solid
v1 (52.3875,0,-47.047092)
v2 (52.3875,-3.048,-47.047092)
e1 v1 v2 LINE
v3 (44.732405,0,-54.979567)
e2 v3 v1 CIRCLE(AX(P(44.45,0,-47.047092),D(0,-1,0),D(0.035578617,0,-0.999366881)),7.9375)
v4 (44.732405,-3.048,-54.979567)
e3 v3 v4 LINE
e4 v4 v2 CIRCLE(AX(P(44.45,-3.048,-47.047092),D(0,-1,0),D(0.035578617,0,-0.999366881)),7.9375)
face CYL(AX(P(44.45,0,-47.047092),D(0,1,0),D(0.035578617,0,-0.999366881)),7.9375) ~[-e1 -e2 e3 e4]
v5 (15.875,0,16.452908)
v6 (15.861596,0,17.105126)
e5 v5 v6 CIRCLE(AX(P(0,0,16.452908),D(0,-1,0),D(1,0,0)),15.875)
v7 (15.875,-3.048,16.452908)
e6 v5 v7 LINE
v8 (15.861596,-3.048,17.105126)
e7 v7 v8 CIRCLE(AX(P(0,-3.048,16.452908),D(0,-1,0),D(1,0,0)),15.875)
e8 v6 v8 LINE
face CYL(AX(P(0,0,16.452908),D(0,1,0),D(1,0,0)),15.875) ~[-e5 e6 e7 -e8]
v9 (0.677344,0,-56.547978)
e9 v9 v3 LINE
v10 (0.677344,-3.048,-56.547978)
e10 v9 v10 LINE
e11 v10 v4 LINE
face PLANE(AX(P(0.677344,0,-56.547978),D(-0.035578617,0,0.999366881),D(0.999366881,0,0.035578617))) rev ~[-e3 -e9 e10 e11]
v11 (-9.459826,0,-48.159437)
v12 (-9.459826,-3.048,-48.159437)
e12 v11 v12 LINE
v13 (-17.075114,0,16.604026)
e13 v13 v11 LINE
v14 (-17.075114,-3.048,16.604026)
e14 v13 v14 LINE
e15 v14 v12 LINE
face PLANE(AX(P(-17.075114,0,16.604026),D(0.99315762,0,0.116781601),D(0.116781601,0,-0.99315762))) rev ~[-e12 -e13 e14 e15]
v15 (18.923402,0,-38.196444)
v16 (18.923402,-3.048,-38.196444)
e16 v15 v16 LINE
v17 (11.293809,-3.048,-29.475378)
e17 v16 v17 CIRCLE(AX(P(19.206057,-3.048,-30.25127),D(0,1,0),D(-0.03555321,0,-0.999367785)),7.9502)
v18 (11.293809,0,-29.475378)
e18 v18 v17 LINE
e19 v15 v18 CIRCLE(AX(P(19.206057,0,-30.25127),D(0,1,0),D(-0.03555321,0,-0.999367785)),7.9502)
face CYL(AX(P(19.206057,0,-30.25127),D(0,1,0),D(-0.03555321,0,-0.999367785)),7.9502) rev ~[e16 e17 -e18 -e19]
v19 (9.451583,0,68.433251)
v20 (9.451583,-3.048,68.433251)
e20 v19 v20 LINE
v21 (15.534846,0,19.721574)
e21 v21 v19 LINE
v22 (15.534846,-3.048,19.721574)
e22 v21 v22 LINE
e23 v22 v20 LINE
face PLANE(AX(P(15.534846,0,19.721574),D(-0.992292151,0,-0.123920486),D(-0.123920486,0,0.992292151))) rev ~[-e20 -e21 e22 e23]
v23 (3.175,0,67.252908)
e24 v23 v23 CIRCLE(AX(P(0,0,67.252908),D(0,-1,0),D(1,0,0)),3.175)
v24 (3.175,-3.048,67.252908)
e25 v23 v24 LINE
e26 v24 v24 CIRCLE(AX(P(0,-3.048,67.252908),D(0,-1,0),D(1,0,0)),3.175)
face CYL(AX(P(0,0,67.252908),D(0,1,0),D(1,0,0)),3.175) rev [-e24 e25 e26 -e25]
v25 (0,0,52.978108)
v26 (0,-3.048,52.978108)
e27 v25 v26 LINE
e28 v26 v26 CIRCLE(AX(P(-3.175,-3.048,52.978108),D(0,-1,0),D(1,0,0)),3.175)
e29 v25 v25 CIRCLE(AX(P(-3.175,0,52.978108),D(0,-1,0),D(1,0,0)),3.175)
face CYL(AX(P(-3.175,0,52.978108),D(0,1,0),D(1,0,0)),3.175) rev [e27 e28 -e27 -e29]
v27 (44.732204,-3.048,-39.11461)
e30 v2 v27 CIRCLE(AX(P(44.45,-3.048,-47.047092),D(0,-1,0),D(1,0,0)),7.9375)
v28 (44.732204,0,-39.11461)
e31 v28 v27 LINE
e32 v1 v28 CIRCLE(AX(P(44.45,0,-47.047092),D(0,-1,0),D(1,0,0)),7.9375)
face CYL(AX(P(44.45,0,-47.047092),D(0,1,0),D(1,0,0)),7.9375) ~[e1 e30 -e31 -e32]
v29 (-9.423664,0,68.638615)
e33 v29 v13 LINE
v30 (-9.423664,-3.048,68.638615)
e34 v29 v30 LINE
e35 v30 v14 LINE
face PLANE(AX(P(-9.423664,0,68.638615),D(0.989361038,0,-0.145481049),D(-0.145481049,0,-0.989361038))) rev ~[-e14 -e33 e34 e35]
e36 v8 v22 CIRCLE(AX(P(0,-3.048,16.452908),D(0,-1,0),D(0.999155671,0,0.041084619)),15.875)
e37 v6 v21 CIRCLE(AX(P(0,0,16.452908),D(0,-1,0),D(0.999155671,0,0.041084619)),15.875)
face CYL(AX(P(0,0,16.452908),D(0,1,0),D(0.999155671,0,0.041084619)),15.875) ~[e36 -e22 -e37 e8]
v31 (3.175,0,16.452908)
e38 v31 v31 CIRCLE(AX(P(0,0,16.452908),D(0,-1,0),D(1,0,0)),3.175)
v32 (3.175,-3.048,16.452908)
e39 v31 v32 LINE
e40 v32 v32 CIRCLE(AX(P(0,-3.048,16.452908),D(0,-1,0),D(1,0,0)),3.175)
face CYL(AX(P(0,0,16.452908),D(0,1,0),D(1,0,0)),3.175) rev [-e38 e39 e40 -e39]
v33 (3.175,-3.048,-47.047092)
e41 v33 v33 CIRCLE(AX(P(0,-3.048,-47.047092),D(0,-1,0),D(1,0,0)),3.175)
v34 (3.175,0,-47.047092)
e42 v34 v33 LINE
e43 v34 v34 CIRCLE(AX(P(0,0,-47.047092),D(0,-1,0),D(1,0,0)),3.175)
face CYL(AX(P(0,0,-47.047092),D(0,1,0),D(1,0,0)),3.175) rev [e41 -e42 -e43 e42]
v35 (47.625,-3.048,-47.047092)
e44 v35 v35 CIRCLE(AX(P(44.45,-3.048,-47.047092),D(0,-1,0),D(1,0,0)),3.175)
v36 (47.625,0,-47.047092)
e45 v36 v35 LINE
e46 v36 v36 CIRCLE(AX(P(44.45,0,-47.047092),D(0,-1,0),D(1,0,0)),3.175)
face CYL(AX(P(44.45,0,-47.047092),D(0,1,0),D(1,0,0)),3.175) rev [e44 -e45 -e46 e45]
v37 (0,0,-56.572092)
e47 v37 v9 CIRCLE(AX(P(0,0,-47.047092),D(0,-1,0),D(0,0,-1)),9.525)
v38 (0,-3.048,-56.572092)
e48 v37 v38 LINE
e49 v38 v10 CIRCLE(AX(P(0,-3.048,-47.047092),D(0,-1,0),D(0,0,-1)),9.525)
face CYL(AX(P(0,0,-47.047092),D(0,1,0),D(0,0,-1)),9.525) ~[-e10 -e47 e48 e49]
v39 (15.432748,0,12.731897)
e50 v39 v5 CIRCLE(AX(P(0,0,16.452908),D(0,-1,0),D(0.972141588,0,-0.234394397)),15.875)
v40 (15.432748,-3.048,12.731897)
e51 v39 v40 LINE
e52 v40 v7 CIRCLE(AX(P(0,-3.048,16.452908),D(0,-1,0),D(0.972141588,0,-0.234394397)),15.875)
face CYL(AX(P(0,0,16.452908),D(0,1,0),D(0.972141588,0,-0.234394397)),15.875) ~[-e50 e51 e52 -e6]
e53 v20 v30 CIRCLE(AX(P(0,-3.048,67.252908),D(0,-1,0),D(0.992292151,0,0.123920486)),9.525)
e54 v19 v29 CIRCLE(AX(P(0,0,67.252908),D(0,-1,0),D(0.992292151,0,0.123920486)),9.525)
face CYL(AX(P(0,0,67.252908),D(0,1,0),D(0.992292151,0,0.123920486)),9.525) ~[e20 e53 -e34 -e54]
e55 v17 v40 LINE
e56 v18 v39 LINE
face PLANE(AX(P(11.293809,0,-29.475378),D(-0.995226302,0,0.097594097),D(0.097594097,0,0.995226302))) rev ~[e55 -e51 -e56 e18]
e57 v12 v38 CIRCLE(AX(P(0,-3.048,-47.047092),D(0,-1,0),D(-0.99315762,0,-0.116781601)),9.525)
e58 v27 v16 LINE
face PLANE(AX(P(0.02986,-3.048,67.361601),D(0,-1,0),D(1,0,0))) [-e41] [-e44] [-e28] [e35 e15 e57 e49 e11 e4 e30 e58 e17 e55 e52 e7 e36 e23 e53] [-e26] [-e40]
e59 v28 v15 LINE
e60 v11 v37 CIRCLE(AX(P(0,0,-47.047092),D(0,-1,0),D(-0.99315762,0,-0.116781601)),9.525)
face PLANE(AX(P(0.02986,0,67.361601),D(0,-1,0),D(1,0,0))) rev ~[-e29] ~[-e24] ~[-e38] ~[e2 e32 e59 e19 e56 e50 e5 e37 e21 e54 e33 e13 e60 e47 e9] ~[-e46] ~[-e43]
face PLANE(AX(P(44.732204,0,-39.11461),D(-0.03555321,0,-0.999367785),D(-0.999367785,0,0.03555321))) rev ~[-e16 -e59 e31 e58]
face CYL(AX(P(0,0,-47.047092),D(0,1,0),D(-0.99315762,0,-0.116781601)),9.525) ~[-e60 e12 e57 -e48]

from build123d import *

# Parameters (mm, degrees)
F0_R     = 3.175
F1_DEPTH = 3.048


with BuildPart() as f1:
    # F0 (on Front) → F1 (new body)
    with BuildSketch(Plane.XZ):
        with BuildLine():
            ThreePointArc((-9.4236638917, 68.6386150491), (-0.6947036893, 57.753275869), (9.525, 67.252908061))
            ThreePointArc((9.525, 67.252908061), (9.5066279666, 67.8442199118), (9.4515827392, 68.4332506914))
            ThreePointArc((9.4515827392, 68.4332506914), (0.1036267117, 76.7773443438), (-9.4236638917, 68.6386150491))
        make_face()
        with Locations((0, 67.252908061)):
            Circle(F0_R, mode=Mode.SUBTRACT)
        with BuildLine():
            ThreePointArc((9.4515827392, 68.4332506914), (9.5066279666, 67.8442199118), (9.525, 67.252908061))
            ThreePointArc((9.525, 67.252908061), (-0.6947036893, 57.753275869), (-9.4236638917, 68.6386150491))
            Line((-9.4236638917, 68.6386150491), (-17.0751139076, 16.6040263124))
            Line((-17.0751139076, 16.6040263124), (-9.4598263283, -48.1594366871))
            ThreePointArc((-9.4598263283, -48.1594366871), (-0.5571262079, -37.5383993165), (9.525, -47.047091939))
            ThreePointArc((9.525, -47.047091939), (6.9705567315, -53.5383910272), (0.6773435479, -56.5479777249))
            Line((0.6773435479, -56.5479777249), (44.7324052746, -54.9795665535))
            ThreePointArc((44.7324052746, -54.9795665535), (36.5125000006, -47.0471928378), (44.7322036046, -39.1146101473))
            Line((44.7322036046, -39.1146101473), (18.9234018404, -38.1964439189))
            ThreePointArc((18.9234018404, -38.1964439189), (13.2224661173, -35.485992741), (11.2938088242, -29.4753775685))
            Line((11.2938088242, -29.4753775685), (15.4327477068, 12.7318970133))
            ThreePointArc((15.4327477068, 12.7318970133), (-15.8733066778, 16.6847703328), (15.5348463028, 19.7215737442))
            Line((15.5348463028, 19.7215737442), (9.4515827392, 68.4332506914))
        make_face()
        with Locations((-3.175, 52.978108061)):
            Circle(F0_R, mode=Mode.SUBTRACT)
        with BuildLine():
            Line((15.8615962708, 17.1051263858), (15.5348463028, 19.7215737442))
            ThreePointArc((15.5348463028, 19.7215737442), (-15.8733066778, 16.6847703328), (15.4327477068, 12.7318970133))
            Line((15.4327477068, 12.7318970133), (15.8615962708, 17.1051263858))
        make_face()
        with Locations((0, 16.452908061)):
            Circle(F0_R, mode=Mode.SUBTRACT)
        with BuildLine():
            ThreePointArc((15.8615962708, 17.1051263858), (15.7526378986, 18.4201457783), (15.5348463028, 19.7215737442))
            Line((15.5348463028, 19.7215737442), (15.8615962708, 17.1051263858))
        make_face()
        with BuildLine():
            ThreePointArc((15.875, 16.452908061), (15.871648714, 16.7790860811), (15.8615962708, 17.1051263858))
            Line((15.8615962708, 17.1051263858), (15.4327477068, 12.7318970133))
            ThreePointArc((15.4327477068, 12.7318970133), (15.7640492077, 14.5793078964), (15.875, 16.452908061))
        make_face()
        with BuildLine():
            ThreePointArc((9.525, -47.047091939), (-0.5571262079, -37.5383993165), (-9.4598263283, -48.1594366871))
            ThreePointArc((-9.4598263283, -48.1594366871), (-6.329713314, -54.1647006921), (0, -56.572091939))
            Line((0, -56.572091939), (0.6773435479, -56.5479777249))
            ThreePointArc((0.6773435479, -56.5479777249), (6.9705567315, -53.5383910272), (9.525, -47.047091939))
        make_face()
        with Locations((0, -47.047091939)):
            Circle(F0_R, mode=Mode.SUBTRACT)
        with BuildLine():
            Line((0.6773435479, -56.5479777249), (0, -56.572091939))
            ThreePointArc((0, -56.572091939), (0.3388863295, -56.5660614764), (0.6773435479, -56.5479777249))
        make_face()
        with BuildLine():
            ThreePointArc((52.3875, -47.047091939), (50.1615627179, -41.5351088503), (44.7322036046, -39.1146101473))
            ThreePointArc((44.7322036046, -39.1146101473), (36.5125000006, -47.0471928378), (44.7324052746, -54.9795665535))
            ThreePointArc((44.7324052746, -54.9795665535), (50.1616327839, -52.5590024237), (52.3875, -47.047091939))
        make_face()
        with Locations((44.45, -47.047091939)):
            Circle(F0_R, mode=Mode.SUBTRACT)
    extrude(amount=F1_DEPTH)


solid = f1.part
